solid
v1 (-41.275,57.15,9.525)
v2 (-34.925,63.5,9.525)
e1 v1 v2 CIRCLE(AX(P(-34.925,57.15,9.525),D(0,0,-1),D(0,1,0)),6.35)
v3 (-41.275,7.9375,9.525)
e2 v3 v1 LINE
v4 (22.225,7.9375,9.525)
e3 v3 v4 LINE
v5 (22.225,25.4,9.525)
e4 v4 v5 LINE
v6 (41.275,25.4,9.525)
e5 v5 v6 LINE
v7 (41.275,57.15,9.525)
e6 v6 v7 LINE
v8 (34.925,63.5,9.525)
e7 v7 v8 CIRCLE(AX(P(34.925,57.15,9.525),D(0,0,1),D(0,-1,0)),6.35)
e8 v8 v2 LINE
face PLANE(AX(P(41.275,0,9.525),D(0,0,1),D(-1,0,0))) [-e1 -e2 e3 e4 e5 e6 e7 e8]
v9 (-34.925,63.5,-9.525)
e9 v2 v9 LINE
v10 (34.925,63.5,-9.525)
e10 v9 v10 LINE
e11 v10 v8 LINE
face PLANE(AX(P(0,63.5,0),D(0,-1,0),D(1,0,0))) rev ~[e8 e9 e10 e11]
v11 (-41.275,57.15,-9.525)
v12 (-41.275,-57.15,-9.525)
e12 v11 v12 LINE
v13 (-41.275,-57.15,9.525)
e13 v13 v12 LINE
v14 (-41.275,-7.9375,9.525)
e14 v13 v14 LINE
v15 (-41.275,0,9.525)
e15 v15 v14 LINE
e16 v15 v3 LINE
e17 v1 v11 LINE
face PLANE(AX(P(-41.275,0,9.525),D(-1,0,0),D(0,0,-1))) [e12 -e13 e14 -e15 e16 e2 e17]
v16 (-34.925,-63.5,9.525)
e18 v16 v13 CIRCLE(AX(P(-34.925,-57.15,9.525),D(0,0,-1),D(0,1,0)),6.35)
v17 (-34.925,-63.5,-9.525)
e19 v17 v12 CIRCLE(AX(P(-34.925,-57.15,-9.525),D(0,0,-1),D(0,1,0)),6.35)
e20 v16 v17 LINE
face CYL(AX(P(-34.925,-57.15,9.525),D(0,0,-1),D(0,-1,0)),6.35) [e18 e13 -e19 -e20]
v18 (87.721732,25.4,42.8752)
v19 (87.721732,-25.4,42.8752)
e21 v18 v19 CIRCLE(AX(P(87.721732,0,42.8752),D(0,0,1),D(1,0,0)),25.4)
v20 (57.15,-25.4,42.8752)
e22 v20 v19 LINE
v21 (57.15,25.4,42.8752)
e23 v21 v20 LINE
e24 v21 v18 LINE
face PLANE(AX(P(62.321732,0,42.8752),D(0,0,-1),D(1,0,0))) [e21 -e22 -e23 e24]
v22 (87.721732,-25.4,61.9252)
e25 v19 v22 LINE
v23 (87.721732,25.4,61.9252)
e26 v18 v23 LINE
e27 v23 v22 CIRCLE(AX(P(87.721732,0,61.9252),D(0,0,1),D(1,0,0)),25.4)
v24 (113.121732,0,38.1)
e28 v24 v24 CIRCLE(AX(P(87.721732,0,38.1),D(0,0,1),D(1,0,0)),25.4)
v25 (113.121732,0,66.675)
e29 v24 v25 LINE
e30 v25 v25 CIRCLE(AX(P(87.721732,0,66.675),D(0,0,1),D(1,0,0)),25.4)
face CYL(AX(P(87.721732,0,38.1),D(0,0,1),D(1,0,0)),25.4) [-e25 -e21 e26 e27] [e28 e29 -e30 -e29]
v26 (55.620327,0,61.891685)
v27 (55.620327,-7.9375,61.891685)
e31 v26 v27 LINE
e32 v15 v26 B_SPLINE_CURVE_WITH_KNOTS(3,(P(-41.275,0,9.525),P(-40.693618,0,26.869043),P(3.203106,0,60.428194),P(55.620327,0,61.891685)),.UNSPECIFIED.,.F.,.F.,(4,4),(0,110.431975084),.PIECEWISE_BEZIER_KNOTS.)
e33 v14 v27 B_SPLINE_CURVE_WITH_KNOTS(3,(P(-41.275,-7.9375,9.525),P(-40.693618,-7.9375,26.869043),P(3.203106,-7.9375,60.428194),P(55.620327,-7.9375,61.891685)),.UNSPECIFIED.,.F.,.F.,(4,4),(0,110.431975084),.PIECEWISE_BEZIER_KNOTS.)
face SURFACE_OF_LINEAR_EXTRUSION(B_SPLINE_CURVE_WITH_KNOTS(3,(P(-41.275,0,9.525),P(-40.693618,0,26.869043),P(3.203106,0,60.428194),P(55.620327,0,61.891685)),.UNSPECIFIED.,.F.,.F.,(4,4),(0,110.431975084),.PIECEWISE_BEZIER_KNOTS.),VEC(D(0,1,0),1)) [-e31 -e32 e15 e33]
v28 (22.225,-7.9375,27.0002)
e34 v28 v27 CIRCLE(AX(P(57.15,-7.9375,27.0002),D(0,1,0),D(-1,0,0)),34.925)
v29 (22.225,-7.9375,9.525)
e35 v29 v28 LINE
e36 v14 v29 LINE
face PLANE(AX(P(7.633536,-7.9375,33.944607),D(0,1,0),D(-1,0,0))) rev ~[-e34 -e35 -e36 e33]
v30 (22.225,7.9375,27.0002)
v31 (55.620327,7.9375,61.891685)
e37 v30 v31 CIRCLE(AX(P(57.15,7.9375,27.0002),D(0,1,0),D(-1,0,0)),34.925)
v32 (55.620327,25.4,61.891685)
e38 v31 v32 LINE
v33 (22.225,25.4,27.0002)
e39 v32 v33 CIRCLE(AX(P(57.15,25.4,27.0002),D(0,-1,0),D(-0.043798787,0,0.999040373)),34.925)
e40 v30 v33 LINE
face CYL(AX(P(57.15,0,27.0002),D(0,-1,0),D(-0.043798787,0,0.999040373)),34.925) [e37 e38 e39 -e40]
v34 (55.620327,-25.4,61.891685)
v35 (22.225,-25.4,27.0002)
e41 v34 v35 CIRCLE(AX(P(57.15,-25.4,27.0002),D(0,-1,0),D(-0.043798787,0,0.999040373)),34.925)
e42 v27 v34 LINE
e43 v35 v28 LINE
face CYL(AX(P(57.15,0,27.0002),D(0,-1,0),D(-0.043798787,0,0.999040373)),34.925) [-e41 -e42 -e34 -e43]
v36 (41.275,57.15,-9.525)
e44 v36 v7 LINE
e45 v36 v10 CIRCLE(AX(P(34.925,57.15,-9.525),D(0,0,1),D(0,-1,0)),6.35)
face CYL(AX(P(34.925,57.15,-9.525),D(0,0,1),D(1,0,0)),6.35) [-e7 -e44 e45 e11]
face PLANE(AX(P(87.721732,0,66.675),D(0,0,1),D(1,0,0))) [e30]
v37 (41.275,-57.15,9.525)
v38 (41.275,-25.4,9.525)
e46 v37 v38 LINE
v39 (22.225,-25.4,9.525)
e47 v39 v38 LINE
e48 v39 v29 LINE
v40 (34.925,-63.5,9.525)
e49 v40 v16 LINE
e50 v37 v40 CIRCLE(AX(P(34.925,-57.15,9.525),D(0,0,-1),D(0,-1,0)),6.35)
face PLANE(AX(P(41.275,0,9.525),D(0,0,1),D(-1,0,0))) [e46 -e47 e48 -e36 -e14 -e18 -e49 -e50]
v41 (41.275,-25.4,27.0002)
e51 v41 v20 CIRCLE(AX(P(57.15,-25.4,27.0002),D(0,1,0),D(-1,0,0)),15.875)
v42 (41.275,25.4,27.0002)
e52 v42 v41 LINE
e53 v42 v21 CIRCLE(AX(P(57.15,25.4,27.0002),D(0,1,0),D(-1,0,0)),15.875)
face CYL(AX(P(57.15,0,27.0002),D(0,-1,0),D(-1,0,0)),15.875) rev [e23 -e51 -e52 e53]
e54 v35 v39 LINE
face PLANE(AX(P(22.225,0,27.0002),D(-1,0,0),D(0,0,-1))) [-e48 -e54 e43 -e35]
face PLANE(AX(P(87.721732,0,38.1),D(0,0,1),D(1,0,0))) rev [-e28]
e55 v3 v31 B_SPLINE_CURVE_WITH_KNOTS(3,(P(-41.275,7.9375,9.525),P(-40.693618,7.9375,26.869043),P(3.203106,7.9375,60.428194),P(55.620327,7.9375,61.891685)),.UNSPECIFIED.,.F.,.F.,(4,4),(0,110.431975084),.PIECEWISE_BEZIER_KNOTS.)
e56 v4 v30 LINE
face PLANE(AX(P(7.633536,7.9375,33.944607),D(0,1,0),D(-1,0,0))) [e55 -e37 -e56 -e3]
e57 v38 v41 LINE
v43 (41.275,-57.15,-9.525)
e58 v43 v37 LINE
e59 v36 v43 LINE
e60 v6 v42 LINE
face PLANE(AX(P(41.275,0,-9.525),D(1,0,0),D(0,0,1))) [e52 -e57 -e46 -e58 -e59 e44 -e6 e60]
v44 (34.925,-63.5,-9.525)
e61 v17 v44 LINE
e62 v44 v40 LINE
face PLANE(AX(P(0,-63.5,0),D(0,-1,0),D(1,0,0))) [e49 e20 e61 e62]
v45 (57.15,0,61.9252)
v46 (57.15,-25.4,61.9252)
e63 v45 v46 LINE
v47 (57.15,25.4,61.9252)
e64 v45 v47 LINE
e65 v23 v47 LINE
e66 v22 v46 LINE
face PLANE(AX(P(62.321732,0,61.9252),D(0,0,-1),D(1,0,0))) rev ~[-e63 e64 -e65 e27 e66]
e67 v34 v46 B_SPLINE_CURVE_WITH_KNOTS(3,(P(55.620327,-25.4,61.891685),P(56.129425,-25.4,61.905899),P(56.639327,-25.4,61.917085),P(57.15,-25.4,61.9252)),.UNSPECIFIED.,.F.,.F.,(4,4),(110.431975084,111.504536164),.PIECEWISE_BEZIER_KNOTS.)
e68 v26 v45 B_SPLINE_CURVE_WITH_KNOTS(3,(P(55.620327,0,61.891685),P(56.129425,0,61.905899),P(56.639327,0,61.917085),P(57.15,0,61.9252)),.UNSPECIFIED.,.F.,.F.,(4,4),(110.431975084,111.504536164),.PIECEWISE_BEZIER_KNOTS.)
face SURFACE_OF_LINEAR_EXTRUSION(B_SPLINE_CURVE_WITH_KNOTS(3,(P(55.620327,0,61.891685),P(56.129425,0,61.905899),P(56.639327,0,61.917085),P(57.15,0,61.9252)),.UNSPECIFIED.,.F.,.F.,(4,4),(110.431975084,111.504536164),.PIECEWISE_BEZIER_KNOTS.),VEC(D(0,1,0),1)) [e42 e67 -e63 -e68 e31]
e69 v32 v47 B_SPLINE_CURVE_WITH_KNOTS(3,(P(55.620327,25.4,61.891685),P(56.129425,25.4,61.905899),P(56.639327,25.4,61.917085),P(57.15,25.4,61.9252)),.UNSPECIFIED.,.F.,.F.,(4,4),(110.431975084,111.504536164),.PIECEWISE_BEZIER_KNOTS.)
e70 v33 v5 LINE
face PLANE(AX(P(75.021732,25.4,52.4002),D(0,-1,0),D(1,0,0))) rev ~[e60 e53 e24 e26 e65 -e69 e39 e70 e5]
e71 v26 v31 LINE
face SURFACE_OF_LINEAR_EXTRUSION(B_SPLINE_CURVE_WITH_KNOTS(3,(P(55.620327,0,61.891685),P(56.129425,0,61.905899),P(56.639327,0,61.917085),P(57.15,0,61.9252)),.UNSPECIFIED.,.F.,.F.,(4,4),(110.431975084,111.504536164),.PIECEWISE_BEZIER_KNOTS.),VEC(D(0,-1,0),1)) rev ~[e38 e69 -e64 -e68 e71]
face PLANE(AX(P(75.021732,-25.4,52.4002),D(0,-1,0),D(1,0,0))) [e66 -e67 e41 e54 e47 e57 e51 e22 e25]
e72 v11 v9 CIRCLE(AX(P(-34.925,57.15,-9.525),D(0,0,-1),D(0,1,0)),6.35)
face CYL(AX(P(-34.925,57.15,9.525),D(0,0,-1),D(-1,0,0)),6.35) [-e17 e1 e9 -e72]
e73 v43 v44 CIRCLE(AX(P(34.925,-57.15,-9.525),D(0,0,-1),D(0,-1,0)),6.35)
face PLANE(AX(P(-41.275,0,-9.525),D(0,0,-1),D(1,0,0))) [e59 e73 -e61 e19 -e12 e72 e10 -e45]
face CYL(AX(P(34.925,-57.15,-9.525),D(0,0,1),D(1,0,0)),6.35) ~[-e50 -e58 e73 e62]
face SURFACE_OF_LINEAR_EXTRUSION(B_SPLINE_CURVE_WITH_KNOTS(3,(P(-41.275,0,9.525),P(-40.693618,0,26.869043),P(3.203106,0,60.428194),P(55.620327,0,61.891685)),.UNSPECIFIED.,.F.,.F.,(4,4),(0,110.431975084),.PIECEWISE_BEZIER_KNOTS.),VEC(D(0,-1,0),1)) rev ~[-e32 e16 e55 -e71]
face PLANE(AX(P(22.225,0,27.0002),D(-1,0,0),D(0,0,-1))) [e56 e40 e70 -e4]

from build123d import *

# Parameters (mm, degrees)
F1_DEPTH = 63.5
F2_DEPTH = 25.4
F3_DEPTH = 7.9375
F0_W     = 25.4
F0_H     = 19.05
F4_DEPTH = 25.4
F6_R     = 6.35


with BuildPart() as f1:
    # F0 (on Front) → F1 (new body, symmetric)
    with BuildSketch(Plane.XZ):
        Polygon((-41.275, 9.525), (-41.275, -9.525), (41.275, -9.525), (41.275, 9.525), (22.225, 9.525), align=None)
    extrude(amount=F1_DEPTH, both=True)

    # F0 (on Front) → F2 (join, symmetric)
    with BuildSketch(Plane.XZ):
        with BuildLine():
            Line((22.225, 9.525), (41.275, 9.525))
            Line((41.275, 9.525), (41.275, 27.0002))
            ThreePointArc((41.275, 27.0002), (45.9246798487, 38.2255201513), (57.15, 42.8752))
            Line((57.15, 42.8752), (62.3217315116, 42.8752))
            Line((62.3217315116, 42.8752), (62.3217315116, 61.9252))
            Line((62.3217315116, 61.9252), (57.15, 61.9252))
            add(Edge.make_bspline(
                [(55.6203273588, 61.8916850158), (56.1294251185, 61.9058990464), (56.639326625, 61.9170854616), (57.15, 61.9252)],
                knots=[110.4319750844, 110.4319750844, 110.4319750844, 110.4319750844, 111.5045361635, 111.5045361635, 111.5045361635, 111.5045361635], degree=3))
            ThreePointArc((55.6203273588, 61.8916850158), (31.9192703039, 51.1490282118), (22.225, 27.0002))
            Line((22.225, 27.0002), (22.225, 9.525))
        make_face()
    extrude(amount=F2_DEPTH, both=True)

    # F0 (on Front) → F3 (join, symmetric)
    with BuildSketch(Plane.XZ):
        with BuildLine():
            add(Edge.make_bspline(
                [(-41.275, 9.525), (-40.6936184634, 26.8690425338), (3.2031063652, 60.4281940287), (55.6203273588, 61.8916850158)],
                knots=[0, 0, 0, 0, 110.4319750844, 110.4319750844, 110.4319750844, 110.4319750844], degree=3))
            Line((-41.275, 9.525), (22.225, 9.525))
            Line((22.225, 9.525), (22.225, 27.0002))
            ThreePointArc((22.225, 27.0002), (31.9192703039, 51.1490282118), (55.6203273588, 61.8916850158))
        make_face()
    extrude(amount=F3_DEPTH, both=True)

    # F0 (on Front) → F4 (join, symmetric)
    with BuildSketch(Plane.XZ):
        with Locations((75.0217315116, 52.4002)):
            Rectangle(F0_W, F0_H)
    extrude(amount=F4_DEPTH, both=True)

    # F0 (on Front) → F5 (revolve)
    with BuildSketch(Plane.XZ):
        Polygon((87.7217315116, 66.675), (87.7217315116, 61.9252), (87.7217315116, 42.8752), (87.7217315116, 38.1), (113.1217315116, 38.1), (113.1217315116, 66.675), align=None)
    revolve(axis=Axis((87.7217315116, 0, 52.3875), (0, 0, 1)))

    # F6
    f6_edges = [f1.edges().sort_by_distance(p)[0] for p in [
        (41.275, 63.5, 0),
        (-41.275, 63.5, 0),
        (-41.275, -63.5, 0),
        (41.275, -63.5, 0),
    ]]
    fillet(f6_edges, radius=F6_R)


solid = f1.part
